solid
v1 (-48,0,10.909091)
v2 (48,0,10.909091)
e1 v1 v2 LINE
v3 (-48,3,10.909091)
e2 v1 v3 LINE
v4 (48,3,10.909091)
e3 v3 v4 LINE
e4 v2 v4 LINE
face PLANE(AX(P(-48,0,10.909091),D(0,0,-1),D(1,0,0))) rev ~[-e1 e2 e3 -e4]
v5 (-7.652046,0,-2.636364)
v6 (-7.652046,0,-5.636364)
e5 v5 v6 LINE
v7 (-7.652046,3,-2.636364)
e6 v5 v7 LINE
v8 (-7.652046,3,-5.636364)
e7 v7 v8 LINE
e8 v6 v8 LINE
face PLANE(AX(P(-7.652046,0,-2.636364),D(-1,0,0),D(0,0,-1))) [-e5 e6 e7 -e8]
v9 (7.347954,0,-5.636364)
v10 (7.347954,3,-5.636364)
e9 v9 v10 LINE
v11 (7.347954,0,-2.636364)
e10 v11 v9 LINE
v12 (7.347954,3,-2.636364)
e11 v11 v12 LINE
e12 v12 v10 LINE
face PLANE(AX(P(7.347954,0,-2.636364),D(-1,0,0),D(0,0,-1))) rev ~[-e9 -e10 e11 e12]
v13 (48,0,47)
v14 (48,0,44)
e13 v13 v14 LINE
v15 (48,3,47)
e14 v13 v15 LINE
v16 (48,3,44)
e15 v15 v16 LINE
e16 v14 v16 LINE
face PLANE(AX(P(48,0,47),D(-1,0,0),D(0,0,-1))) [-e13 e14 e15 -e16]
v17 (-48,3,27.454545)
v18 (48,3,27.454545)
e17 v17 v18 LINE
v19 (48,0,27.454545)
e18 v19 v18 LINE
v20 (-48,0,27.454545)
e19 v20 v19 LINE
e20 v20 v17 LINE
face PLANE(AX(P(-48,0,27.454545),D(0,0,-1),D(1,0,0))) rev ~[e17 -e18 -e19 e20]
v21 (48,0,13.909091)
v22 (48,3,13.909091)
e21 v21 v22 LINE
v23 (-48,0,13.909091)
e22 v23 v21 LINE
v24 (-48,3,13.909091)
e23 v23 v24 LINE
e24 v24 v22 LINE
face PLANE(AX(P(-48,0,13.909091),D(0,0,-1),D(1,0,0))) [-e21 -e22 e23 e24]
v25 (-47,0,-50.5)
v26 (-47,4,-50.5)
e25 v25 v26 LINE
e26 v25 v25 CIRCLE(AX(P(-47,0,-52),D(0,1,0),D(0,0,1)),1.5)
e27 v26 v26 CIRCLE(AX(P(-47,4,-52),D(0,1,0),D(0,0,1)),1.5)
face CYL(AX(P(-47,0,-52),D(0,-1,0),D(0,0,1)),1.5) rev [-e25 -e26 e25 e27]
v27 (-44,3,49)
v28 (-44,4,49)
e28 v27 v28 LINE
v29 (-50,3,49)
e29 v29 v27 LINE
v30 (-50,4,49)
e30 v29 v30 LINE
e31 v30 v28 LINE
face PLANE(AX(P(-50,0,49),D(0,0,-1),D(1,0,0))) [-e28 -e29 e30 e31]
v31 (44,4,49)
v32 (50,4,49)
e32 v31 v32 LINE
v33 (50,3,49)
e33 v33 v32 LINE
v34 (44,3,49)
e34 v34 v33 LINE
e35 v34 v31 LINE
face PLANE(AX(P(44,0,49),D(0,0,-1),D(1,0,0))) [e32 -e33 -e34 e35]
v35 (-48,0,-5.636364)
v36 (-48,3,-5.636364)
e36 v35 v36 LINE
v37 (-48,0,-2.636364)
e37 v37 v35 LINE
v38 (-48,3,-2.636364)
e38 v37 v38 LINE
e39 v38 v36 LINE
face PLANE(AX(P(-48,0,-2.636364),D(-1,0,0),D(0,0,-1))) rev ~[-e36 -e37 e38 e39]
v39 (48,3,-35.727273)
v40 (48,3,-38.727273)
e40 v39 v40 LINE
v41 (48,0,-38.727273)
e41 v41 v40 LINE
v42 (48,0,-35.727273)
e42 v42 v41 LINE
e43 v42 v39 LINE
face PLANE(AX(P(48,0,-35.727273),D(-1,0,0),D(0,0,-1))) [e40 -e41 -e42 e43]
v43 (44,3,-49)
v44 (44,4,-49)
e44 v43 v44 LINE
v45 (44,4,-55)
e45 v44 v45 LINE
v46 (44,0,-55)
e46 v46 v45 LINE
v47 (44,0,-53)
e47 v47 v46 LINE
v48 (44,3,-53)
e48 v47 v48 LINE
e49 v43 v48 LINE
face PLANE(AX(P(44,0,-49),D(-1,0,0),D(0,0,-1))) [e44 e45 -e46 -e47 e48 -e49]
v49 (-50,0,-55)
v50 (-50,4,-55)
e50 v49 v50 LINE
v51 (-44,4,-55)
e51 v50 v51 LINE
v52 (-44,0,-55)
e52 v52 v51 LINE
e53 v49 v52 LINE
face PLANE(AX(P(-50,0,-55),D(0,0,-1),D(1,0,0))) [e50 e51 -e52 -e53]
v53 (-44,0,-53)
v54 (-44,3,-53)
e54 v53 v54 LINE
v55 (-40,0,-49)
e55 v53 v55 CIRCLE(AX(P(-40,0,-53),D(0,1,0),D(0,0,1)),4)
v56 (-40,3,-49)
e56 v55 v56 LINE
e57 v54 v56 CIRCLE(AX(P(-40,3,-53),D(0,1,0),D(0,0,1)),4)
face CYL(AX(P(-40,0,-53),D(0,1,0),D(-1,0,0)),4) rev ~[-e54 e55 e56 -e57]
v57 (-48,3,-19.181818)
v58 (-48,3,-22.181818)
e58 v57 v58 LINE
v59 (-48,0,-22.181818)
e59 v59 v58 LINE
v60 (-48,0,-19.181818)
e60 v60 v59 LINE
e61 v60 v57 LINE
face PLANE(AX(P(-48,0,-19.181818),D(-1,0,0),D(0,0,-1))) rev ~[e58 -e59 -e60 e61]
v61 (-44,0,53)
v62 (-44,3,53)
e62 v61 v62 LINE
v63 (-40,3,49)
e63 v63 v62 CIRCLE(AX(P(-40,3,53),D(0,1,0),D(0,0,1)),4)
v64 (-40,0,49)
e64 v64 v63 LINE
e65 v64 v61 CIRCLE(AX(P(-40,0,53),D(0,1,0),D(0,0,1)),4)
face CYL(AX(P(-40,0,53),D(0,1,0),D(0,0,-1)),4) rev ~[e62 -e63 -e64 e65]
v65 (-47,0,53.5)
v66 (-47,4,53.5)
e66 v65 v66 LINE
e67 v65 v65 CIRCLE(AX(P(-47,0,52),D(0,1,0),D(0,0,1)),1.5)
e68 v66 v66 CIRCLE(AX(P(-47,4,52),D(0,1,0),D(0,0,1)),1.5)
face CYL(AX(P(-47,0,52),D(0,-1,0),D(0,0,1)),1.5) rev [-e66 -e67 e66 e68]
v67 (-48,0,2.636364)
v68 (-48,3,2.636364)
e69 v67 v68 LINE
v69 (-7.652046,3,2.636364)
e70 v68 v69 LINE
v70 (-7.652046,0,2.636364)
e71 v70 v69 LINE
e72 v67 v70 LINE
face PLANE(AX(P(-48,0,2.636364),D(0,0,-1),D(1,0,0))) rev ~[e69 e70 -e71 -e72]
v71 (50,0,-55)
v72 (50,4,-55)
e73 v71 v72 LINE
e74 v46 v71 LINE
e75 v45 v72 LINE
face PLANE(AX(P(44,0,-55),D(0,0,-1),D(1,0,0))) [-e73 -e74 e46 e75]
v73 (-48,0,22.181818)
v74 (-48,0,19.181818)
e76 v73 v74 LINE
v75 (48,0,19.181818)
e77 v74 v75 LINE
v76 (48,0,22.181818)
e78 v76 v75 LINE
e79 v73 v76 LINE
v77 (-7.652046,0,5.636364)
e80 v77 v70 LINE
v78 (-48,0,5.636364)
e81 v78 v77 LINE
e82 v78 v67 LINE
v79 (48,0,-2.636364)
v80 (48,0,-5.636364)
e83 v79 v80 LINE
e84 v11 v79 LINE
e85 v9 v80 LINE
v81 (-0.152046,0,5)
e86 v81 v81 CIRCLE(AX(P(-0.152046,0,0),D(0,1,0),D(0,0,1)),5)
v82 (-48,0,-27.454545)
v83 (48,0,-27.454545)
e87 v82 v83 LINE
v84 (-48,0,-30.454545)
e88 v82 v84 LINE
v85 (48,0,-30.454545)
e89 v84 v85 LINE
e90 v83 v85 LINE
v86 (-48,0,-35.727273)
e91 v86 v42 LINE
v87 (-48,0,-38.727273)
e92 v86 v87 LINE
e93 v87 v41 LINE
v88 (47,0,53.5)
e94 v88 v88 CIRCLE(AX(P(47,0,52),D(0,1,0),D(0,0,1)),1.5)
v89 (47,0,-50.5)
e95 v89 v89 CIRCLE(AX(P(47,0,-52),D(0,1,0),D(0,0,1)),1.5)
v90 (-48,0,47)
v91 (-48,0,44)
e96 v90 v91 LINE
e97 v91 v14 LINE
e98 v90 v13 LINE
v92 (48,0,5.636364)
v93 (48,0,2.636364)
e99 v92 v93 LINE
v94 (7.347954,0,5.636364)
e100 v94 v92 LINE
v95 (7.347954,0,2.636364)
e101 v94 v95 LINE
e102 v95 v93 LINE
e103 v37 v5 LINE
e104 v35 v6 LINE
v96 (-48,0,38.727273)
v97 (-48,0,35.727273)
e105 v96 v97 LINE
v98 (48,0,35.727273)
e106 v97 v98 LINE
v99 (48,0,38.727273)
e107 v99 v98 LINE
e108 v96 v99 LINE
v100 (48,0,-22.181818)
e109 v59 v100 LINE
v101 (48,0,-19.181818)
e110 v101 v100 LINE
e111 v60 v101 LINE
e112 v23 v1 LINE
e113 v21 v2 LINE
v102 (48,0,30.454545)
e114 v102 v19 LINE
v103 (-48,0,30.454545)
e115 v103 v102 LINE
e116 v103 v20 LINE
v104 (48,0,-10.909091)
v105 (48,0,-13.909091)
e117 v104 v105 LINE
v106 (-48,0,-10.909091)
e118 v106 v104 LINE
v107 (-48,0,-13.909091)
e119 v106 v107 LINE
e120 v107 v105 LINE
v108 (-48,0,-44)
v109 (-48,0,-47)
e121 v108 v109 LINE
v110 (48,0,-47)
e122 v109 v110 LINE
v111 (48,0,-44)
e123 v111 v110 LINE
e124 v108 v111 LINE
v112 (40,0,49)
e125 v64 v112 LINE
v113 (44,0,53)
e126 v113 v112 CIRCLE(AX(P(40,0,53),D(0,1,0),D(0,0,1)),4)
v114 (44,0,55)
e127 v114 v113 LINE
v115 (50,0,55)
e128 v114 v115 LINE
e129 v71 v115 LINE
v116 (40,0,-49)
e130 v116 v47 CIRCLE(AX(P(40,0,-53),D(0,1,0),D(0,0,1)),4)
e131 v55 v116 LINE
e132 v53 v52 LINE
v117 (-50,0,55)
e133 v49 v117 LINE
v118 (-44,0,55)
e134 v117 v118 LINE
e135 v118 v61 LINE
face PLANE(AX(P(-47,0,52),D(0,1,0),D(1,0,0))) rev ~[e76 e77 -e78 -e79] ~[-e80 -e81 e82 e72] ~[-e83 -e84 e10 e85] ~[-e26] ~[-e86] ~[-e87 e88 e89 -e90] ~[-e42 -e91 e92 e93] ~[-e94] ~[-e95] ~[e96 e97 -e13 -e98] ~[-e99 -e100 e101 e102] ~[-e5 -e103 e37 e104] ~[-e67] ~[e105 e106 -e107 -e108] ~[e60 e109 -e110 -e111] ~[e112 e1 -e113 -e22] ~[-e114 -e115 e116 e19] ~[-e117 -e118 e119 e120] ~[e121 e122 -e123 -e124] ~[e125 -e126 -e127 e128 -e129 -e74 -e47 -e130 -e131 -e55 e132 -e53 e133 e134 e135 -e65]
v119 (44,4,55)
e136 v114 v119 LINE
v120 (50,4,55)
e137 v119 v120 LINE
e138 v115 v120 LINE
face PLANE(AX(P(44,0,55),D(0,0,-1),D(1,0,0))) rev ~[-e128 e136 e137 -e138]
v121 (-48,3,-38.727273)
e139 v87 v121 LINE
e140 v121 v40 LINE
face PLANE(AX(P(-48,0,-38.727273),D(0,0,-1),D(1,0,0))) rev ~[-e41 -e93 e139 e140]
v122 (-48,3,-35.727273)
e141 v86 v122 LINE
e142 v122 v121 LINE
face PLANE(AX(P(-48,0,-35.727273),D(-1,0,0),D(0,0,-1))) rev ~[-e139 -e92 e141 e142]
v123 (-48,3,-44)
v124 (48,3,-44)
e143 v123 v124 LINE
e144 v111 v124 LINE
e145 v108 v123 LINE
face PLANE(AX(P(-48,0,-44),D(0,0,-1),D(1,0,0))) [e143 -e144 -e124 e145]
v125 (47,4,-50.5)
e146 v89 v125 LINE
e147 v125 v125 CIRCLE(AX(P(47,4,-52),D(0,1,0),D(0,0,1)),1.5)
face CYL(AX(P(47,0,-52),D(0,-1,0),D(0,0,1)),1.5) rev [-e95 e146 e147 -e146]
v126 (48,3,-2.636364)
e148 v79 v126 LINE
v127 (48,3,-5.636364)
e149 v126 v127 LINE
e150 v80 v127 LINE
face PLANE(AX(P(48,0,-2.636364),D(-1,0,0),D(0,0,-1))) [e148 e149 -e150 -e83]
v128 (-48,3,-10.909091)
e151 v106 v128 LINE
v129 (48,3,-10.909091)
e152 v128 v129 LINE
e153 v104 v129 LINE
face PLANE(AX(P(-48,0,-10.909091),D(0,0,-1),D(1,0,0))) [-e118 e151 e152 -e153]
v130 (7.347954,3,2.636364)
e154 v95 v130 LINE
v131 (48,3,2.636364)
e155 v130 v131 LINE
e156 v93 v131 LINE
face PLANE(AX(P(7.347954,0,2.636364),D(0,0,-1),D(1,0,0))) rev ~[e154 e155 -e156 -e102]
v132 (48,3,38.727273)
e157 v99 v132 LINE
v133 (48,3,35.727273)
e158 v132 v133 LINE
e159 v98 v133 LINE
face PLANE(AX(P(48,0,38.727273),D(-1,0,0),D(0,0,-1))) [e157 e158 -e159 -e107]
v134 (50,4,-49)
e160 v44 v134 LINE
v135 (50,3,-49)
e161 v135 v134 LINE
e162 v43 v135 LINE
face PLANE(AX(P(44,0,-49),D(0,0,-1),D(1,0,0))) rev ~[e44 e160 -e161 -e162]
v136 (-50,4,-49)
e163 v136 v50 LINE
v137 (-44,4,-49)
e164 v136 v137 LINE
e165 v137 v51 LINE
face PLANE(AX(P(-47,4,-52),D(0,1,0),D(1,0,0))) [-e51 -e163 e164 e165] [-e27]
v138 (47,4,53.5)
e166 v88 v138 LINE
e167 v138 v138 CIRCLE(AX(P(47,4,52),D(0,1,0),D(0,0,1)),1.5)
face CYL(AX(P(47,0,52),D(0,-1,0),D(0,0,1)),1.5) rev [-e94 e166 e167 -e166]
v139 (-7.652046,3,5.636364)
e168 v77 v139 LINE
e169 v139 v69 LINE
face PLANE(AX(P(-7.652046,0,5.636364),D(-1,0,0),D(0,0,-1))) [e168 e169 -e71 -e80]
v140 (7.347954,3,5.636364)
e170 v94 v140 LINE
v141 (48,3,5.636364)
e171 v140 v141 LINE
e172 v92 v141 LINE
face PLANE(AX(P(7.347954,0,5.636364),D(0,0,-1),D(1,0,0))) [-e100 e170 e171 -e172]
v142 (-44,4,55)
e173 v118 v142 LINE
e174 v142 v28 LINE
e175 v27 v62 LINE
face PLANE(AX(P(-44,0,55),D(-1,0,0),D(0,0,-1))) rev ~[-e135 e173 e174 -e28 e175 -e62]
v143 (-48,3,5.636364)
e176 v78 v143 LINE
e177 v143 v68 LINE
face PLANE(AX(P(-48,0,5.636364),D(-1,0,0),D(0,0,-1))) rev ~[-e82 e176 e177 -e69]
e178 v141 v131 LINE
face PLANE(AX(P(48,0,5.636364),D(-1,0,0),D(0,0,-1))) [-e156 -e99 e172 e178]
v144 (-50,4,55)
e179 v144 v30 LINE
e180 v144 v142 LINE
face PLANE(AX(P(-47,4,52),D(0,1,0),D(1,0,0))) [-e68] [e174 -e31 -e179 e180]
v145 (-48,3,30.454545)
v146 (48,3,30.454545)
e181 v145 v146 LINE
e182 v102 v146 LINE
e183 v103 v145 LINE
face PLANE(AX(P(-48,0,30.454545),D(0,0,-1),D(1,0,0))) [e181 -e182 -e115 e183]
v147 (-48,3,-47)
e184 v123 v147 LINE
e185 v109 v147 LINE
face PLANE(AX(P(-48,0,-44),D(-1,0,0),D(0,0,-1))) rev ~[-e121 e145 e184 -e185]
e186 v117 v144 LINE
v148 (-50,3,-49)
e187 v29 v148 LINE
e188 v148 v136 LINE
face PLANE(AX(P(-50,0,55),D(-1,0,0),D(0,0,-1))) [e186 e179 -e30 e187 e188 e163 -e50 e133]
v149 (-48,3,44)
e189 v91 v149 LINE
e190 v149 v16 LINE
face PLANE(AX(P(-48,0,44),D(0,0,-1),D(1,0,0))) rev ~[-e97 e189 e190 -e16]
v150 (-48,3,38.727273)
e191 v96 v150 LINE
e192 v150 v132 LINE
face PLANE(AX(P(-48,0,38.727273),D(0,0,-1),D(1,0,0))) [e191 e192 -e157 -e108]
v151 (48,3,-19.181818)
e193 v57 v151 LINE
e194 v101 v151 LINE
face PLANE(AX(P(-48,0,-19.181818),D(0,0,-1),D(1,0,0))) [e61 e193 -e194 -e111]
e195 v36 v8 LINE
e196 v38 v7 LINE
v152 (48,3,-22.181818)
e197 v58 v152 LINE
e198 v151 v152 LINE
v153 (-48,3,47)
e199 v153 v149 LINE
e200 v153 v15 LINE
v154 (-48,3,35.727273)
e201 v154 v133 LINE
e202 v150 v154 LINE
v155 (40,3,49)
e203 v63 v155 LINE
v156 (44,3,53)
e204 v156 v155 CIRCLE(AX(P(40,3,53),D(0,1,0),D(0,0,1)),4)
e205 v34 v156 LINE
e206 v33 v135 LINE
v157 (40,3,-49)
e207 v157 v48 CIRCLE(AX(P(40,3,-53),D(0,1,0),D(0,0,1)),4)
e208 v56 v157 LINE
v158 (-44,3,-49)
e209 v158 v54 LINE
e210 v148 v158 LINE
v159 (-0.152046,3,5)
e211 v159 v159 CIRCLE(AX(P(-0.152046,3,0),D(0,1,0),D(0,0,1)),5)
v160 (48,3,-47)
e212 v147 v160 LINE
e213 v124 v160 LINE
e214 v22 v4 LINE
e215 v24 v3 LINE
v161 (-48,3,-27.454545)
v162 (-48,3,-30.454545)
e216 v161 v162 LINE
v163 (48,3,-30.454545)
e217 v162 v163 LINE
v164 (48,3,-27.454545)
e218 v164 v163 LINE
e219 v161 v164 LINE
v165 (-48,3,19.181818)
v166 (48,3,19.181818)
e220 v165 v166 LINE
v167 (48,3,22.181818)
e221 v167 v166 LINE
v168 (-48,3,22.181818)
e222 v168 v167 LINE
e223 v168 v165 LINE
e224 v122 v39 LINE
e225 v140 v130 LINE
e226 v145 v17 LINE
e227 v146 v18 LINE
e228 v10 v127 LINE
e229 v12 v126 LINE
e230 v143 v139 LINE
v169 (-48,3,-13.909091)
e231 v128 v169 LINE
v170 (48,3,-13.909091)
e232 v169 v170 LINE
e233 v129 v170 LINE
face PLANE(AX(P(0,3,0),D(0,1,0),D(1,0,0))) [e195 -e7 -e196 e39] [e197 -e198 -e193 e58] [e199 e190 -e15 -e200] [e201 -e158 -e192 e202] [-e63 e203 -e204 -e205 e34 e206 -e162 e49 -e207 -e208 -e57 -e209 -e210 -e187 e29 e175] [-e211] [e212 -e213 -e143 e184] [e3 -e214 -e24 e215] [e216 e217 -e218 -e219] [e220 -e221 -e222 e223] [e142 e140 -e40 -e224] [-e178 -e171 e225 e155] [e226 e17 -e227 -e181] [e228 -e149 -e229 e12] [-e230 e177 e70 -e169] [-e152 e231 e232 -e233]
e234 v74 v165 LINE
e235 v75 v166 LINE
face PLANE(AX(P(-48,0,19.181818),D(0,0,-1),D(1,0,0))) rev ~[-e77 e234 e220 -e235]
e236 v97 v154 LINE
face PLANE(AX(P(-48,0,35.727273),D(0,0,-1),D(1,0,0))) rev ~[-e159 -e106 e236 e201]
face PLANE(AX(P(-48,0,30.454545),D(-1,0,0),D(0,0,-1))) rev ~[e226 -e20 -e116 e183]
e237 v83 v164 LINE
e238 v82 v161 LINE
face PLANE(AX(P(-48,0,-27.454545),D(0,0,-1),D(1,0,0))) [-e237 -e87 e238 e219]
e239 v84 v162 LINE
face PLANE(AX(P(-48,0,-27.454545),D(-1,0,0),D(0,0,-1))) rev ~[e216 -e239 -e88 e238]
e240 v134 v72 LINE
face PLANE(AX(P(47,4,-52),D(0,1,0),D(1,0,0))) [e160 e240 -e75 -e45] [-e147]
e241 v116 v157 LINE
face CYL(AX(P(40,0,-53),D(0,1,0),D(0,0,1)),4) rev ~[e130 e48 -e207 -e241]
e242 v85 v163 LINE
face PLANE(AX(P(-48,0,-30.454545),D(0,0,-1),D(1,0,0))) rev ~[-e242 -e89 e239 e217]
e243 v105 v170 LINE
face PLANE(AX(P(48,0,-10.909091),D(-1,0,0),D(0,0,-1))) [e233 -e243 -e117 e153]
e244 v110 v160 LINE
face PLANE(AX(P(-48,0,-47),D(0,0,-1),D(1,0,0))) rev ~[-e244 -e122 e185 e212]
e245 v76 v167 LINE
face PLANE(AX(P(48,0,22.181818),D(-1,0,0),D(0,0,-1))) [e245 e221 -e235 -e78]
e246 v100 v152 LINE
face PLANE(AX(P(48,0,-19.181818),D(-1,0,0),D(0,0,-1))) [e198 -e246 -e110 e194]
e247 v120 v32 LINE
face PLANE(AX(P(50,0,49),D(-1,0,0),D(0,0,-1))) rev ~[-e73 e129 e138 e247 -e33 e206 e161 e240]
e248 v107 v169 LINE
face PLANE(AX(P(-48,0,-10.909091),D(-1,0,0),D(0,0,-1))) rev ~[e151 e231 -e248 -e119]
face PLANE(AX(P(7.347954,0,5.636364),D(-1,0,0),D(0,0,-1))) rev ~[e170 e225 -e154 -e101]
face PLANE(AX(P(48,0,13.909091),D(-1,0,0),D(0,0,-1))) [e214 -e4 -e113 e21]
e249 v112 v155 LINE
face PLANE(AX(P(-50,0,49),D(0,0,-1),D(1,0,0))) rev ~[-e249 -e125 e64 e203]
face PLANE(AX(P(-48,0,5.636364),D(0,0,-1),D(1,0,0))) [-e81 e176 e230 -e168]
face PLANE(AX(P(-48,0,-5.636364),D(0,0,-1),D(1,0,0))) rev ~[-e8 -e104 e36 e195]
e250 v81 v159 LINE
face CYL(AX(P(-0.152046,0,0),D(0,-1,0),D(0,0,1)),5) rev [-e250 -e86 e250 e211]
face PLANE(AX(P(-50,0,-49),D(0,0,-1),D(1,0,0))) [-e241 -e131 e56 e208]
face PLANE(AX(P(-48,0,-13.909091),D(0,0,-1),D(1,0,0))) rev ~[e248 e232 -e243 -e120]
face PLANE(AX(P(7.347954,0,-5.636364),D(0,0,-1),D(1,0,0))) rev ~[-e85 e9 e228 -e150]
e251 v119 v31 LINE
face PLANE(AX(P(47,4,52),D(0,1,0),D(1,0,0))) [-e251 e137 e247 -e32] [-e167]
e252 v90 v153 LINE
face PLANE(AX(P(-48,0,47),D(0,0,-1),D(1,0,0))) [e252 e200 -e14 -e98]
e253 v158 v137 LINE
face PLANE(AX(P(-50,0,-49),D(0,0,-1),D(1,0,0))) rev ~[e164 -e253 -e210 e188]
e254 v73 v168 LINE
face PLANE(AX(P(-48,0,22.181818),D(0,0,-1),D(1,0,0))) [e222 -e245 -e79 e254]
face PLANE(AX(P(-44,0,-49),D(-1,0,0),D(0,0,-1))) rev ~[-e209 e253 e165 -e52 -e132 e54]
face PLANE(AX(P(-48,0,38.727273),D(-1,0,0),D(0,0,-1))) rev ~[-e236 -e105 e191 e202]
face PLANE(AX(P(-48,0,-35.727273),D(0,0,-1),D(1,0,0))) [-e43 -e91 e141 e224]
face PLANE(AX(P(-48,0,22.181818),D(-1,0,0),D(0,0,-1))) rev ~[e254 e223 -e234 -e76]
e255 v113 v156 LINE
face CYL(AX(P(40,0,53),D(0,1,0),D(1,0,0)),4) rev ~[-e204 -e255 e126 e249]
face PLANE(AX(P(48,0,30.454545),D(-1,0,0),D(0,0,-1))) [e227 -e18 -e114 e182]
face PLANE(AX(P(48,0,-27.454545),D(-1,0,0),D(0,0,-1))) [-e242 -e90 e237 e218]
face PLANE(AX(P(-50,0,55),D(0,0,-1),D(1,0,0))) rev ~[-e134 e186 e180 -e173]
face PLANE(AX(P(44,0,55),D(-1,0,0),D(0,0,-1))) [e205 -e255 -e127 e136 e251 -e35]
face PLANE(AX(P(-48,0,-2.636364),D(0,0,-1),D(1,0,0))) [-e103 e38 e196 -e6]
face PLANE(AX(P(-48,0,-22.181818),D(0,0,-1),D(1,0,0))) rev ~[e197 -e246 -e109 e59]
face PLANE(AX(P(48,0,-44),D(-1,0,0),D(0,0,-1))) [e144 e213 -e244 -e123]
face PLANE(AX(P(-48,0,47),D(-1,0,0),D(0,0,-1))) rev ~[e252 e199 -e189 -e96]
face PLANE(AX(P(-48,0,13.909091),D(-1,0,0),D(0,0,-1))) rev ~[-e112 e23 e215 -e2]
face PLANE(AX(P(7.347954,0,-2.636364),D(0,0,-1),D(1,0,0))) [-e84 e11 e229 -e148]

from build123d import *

# Parameters (mm, degrees)
SKETCH1_W           = 100
SKETCH1_H           = 98
SKETCH1_W_2         = 96
SKETCH1_H_2         = 3
SKETCH1_W_3         = 40.347954038
SKETCH1_W_4         = 40.652045962
SKETCH1_R           = 5
BOSS_EXTRUDE4_DEPTH = 3
SKETCH1_8_W         = 6
SKETCH1_8_H         = 6
SKETCH1_8_R         = 1.5
BOSS_EXTRUDE6_DEPTH = 4
FILLET3_R           = 4


with BuildPart() as part:
    # Sketch1 → Boss-Extrude4 (new body)
    with BuildSketch(Plane(origin=(0, 0, 0), x_dir=(1, 0, 0), z_dir=(0, 1, 0))):
        Rectangle(SKETCH1_W, SKETCH1_H)
        with Locations((0, -37.227272727)):
            Rectangle(SKETCH1_W_2, SKETCH1_H_2, mode=Mode.SUBTRACT)
        with Locations((0, -28.954545455)):
            Rectangle(SKETCH1_W_2, SKETCH1_H_2, mode=Mode.SUBTRACT)
        with Locations((0, -20.681818182)):
            Rectangle(SKETCH1_W_2, SKETCH1_H_2, mode=Mode.SUBTRACT)
        with Locations((0, -12.409090909)):
            Rectangle(SKETCH1_W_2, SKETCH1_H_2, mode=Mode.SUBTRACT)
        with Locations((0, -45.5)):
            Rectangle(SKETCH1_W_2, SKETCH1_H_2, mode=Mode.SUBTRACT)
        with Locations((-27.826022981, -4.136363636)):
            Rectangle(SKETCH1_W_3, SKETCH1_H_2, mode=Mode.SUBTRACT)
        with Locations((27.673977019, -4.136363636)):
            Rectangle(SKETCH1_W_4, SKETCH1_H_2, mode=Mode.SUBTRACT)
        with Locations((27.673977019, 4.136363636)):
            Rectangle(SKETCH1_W_4, SKETCH1_H_2, mode=Mode.SUBTRACT)
        with Locations((-27.826022981, 4.136363636)):
            Rectangle(SKETCH1_W_3, SKETCH1_H_2, mode=Mode.SUBTRACT)
        with Locations((0, 12.409090909)):
            Rectangle(SKETCH1_W_2, SKETCH1_H_2, mode=Mode.SUBTRACT)
        with Locations((0, 20.681818182)):
            Rectangle(SKETCH1_W_2, SKETCH1_H_2, mode=Mode.SUBTRACT)
        with Locations((0, 28.954545455)):
            Rectangle(SKETCH1_W_2, SKETCH1_H_2, mode=Mode.SUBTRACT)
        with Locations((0, 37.227272727)):
            Rectangle(SKETCH1_W_2, SKETCH1_H_2, mode=Mode.SUBTRACT)
        with Locations((0, 45.5)):
            Rectangle(SKETCH1_W_2, SKETCH1_H_2, mode=Mode.SUBTRACT)
        with Locations((-0.152045962, 0)):
            Circle(SKETCH1_R, mode=Mode.SUBTRACT)
    extrude(amount=BOSS_EXTRUDE4_DEPTH)

    # Sketch1<8> → Boss-Extrude6 (add)
    # profile 1 of 4: a face of its own
    with BuildSketch(Plane(origin=(0, 0, 0), x_dir=(1, 0, 0), z_dir=(0, 1, 0))):
        with Locations((47, 52)):
            Rectangle(SKETCH1_8_W, SKETCH1_8_H)
        with Locations((47, 52)):
            Circle(SKETCH1_8_R, mode=Mode.SUBTRACT)
    # profile 2 of 4: a face of its own
    with BuildSketch(Plane(origin=(0, 0, 0), x_dir=(1, 0, 0), z_dir=(0, 1, 0))):
        with Locations((47, -52)):
            Rectangle(SKETCH1_8_W, SKETCH1_8_H)
        with Locations((47, -52)):
            Circle(SKETCH1_8_R, mode=Mode.SUBTRACT)
    # profile 3 of 4: a face of its own
    with BuildSketch(Plane(origin=(0, 0, 0), x_dir=(1, 0, 0), z_dir=(0, 1, 0))):
        with Locations((-47, 52)):
            Rectangle(SKETCH1_8_W, SKETCH1_8_H)
        with Locations((-47, 52)):
            Circle(SKETCH1_8_R, mode=Mode.SUBTRACT)
    # profile 4 of 4: a face of its own
    with BuildSketch(Plane(origin=(0, 0, 0), x_dir=(1, 0, 0), z_dir=(0, 1, 0))):
        with Locations((-47, -52)):
            Rectangle(SKETCH1_8_W, SKETCH1_8_H)
        with Locations((-47, -52)):
            Circle(SKETCH1_8_R, mode=Mode.SUBTRACT)
    extrude(amount=BOSS_EXTRUDE6_DEPTH)

    # Fillet3
    fillet3_edges = [part.edges().sort_by_distance(p)[0] for p in [
        (44, 1.5, -49),
        (-44, 1.5, -49),
        (-44, 1.5, 49),
        (44, 1.5, 49),
    ]]
    fillet(fillet3_edges, radius=FILLET3_R)


solid = part.part
